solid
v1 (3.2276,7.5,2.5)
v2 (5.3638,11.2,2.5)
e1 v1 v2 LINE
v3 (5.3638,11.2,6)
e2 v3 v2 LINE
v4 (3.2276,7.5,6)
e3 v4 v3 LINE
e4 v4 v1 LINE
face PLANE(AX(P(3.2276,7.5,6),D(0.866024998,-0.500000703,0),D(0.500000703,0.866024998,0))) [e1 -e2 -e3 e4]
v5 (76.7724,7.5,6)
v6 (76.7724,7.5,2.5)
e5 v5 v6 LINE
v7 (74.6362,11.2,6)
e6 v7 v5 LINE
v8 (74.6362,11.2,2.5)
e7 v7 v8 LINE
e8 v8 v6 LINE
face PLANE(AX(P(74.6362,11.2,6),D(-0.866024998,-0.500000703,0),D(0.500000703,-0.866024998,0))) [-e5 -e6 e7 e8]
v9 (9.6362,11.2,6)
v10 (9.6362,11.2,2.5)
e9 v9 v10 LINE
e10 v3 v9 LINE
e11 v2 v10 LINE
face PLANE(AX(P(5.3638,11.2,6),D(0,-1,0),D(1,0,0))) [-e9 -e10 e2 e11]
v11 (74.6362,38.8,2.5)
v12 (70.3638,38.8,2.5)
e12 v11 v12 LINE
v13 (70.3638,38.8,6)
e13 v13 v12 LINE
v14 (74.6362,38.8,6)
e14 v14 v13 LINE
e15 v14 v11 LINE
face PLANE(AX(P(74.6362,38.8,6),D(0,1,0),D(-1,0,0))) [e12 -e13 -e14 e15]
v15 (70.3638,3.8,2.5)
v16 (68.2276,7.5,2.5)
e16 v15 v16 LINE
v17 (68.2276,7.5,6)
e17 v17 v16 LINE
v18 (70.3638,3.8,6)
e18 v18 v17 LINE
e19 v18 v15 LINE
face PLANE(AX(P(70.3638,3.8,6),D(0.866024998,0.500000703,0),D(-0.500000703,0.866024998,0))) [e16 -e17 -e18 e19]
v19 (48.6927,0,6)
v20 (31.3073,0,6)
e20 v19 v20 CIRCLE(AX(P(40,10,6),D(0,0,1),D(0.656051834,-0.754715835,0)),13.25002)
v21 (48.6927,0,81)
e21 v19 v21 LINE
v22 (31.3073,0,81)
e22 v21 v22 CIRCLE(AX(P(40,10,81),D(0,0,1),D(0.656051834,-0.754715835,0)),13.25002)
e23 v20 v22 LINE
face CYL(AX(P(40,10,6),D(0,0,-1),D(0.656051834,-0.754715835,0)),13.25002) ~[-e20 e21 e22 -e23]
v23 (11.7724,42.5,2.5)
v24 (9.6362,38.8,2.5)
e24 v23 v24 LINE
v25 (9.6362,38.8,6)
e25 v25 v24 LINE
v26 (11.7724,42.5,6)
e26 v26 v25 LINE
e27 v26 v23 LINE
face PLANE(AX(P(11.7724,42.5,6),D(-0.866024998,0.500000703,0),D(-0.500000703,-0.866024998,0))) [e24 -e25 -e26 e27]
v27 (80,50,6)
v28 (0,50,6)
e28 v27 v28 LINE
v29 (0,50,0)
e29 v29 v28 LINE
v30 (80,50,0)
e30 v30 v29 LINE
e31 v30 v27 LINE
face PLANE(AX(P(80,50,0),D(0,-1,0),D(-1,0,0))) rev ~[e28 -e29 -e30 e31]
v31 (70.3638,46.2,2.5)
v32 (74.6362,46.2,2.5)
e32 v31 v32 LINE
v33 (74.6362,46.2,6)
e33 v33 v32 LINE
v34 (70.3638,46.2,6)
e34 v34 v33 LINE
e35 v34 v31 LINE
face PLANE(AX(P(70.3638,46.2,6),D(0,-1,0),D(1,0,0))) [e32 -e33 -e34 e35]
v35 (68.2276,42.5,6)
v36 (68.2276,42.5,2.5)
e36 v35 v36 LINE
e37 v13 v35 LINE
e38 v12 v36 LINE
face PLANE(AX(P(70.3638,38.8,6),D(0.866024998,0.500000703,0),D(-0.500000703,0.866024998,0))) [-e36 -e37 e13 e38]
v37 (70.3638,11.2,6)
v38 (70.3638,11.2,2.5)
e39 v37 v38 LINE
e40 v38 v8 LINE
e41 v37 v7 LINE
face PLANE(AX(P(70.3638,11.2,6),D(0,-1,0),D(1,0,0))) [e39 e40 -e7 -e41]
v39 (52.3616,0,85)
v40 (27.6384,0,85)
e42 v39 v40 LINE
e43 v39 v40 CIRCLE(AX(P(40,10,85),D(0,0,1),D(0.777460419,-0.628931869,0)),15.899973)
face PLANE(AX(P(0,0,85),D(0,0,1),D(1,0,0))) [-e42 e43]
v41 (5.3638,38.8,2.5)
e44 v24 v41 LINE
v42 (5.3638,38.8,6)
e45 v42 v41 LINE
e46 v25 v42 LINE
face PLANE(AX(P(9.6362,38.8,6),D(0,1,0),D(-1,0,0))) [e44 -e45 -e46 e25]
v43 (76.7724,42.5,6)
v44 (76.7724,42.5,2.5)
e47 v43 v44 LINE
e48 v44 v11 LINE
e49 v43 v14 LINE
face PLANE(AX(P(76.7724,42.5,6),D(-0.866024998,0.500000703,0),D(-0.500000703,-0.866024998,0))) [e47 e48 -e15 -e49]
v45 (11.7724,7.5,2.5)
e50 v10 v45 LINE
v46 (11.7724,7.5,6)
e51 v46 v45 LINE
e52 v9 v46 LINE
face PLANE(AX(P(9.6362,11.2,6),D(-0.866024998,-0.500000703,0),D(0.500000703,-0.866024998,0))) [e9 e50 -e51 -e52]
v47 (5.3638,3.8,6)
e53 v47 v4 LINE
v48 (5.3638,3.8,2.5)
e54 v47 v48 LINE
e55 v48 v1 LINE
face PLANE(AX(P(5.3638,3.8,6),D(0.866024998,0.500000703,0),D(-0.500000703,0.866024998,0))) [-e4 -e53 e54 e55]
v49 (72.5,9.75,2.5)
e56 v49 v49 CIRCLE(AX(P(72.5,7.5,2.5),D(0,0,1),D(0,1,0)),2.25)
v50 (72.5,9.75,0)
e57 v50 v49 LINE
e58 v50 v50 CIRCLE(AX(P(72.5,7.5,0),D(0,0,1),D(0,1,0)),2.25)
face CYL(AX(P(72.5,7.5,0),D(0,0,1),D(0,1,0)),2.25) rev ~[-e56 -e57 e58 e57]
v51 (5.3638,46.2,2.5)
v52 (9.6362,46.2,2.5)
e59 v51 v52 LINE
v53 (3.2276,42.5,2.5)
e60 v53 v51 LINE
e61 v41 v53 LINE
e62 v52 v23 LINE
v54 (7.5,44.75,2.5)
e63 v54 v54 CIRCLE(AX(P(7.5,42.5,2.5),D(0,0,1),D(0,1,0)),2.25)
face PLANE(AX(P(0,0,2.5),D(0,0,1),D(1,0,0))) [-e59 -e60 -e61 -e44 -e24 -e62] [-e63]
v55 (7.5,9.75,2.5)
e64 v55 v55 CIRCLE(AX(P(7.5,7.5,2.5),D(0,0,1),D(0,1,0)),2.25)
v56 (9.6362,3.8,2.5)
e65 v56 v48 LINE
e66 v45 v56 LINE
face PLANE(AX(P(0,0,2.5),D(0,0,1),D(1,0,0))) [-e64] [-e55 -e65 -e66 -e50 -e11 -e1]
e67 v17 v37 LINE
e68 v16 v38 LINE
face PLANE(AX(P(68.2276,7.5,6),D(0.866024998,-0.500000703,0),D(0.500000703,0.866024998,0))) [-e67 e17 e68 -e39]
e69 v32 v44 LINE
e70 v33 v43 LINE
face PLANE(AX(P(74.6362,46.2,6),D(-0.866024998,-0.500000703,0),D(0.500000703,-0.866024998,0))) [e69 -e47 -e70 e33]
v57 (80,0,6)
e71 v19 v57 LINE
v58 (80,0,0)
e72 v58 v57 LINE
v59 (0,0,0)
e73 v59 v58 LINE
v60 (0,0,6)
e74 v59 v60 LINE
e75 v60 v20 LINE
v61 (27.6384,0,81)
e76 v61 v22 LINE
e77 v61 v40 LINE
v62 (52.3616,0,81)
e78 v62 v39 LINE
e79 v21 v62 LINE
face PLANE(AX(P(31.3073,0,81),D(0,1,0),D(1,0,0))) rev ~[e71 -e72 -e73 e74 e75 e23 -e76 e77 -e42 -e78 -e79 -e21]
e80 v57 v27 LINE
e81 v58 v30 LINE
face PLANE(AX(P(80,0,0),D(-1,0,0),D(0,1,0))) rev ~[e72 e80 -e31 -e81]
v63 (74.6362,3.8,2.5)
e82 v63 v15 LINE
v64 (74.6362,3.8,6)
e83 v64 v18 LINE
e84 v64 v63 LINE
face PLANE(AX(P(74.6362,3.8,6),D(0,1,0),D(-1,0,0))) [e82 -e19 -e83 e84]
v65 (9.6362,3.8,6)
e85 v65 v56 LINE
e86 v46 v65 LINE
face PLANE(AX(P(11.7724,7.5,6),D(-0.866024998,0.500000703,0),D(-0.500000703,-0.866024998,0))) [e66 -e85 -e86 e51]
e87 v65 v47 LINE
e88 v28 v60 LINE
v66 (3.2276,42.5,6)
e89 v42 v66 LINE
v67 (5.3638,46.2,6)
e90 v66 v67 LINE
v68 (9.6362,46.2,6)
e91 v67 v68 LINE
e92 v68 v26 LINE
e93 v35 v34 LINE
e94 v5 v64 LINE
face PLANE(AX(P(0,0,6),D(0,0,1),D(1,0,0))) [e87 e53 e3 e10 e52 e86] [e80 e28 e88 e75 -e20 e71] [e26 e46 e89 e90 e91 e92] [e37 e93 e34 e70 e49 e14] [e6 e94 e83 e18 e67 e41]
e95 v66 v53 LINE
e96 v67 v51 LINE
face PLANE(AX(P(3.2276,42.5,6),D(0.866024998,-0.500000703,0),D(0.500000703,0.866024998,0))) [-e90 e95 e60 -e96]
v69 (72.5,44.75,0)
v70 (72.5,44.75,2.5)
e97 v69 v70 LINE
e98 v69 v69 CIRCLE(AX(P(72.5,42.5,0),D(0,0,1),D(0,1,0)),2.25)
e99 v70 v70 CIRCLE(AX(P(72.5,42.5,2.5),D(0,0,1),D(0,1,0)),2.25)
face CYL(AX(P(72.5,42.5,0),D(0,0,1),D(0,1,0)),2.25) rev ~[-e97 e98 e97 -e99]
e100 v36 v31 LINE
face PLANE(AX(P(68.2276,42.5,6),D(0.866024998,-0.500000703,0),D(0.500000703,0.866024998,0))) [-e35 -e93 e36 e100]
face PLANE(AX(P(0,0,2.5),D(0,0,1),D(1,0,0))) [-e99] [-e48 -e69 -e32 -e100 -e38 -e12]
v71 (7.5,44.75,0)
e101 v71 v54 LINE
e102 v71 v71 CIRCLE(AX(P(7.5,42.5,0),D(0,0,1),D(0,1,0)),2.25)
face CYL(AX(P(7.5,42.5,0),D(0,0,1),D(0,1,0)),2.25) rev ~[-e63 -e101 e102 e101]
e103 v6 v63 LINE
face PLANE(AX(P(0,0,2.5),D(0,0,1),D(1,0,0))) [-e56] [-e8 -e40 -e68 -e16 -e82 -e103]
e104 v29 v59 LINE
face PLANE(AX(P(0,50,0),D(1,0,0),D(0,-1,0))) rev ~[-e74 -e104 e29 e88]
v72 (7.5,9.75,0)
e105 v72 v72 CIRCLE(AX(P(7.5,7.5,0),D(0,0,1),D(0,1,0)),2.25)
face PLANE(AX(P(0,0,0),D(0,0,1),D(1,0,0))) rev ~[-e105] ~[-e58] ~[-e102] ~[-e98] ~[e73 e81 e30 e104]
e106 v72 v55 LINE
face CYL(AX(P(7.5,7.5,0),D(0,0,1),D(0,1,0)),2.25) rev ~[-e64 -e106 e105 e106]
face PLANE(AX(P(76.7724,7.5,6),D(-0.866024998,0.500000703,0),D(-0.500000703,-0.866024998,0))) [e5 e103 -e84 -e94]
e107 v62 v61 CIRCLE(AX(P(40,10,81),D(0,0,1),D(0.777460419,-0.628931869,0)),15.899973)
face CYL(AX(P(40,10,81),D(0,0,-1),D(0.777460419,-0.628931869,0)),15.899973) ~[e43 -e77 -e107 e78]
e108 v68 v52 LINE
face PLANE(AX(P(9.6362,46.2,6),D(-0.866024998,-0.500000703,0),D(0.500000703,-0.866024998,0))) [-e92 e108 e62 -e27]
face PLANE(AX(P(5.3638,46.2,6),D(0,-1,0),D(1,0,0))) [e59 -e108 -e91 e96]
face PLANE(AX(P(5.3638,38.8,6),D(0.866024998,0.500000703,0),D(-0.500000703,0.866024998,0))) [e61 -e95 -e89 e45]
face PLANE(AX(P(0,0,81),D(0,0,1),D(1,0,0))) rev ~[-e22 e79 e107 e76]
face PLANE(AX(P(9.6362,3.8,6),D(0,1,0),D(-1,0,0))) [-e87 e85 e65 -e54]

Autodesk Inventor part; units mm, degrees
ref_plane "Work Plane1" through (0, 0, 26) normal (0, 0, 1) x (1, 0, 0)
ref_plane "Work Plane2" through (0, 0, 61) normal (0, 0, 1) x (1, 0, 0)
ref_plane "YZ Plane" through (0, 0, 0) normal (1, 0, 0) x (0, 1, 0)
sketch "Sketch1" plane through (0, 0, 0) normal (0, 0, 1) x (1, 0, 0)
  line L0 (0, 0) -> (80, 0)
  line L1 (80, 0) -> (80, 50)
  line L2 (80, 50) -> (0, 50)
  line L3 (0, 50) -> (0, 0)
  dimension "d0" = 80
  dimension "d1" = 50
extrude "Extrusion1" add sketch "Sketch1" along normal blind 6
sketch "Sketch2" plane through (0, 0, 6) normal (0, 0, 1) x (1, 0, 0)
  line L0 (80, 50) -> (0, 50) projected
  line L1 (0, 50) -> (0, 0) projected
  arc A0 (48.6927, 0) -> (31.3073, 0) centre (40, 10) ccw
  line L2 (31.3073, 0) -> (48.6927, 0)
  dimension "d11" = 26.5
  dimension "d12" = 40
  dimension "d13" = 40
  dimension "d14" = 10
extrude "Extrusion2" add sketch "Sketch2" along normal blind 75
sketch "Sketch8" plane through (0, 0, 81) normal (0, 0, 1) x (1, 0, 0)
  arc A0 (48.6927, 0) -> (31.3073, 0) centre (40, 10) ccw projected
  line L0 (31.3073, 0) -> (48.6927, 0) projected
  arc A1 (52.3616, 0) -> (27.6384, 0) centre (40, 10) ccw
  line L1 (31.3073, 0) -> (27.6384, 0)
  line L2 (48.6927, 0) -> (52.3616, 0)
  point P0 (0, 0)
  dimension "d30" = 31.8
extrude "Extrusion7" add sketch "Sketch8" along normal blind 4
sketch "Sketch9" plane through (0, 0, 0) normal (0, 0, -1) x (-1, 0, 0)
  line L0 (0, 0) -> (-80, 0) projected
  line L1 (-80, 0) -> (-80, 50) projected
  point P0 (-72.5, 42.5)
  point P1 (-72.5, 7.5)
  point P2 (-7.5, 42.5)
  point P3 (-7.5, 7.5)
  dimension "d33" = 65
  dimension "d34" = 35
  dimension "d35" = 7.5
  dimension "d36" = 7.5
hole "Hole1" at (72.5, 42.5, 0) at (72.5, 7.5, 0) at (7.5, 42.5, 0) at (7.5, 7.5, 0) direction (0, 0, 1) diameter 4.5 end through all
sketch "Sketch10" plane through (0, 0, 6) normal (0, 0, 1) x (1, 0, 0)
  circle A0 centre (7.5, 42.5) radius 2.25 projected
  circle A1 centre (72.5, 42.5) radius 2.25 projected
  circle A2 centre (72.5, 7.5) radius 2.25 projected
  circle A3 centre (7.5, 7.5) radius 2.25 projected
  line L0 (11.7724, 42.5) -> (9.6362, 38.8)
  line L1 (9.6362, 38.8) -> (5.3638, 38.8)
  line L2 (5.3638, 38.8) -> (3.2276, 42.5)
  line L3 (3.2276, 42.5) -> (5.3638, 46.2)
  line L4 (5.3638, 46.2) -> (9.6362, 46.2)
  line L5 (9.6362, 46.2) -> (11.7724, 42.5)
  line L6 (11.7724, 7.5) -> (9.6362, 3.8)
  line L7 (9.6362, 3.8) -> (5.3638, 3.8)
  line L8 (5.3638, 3.8) -> (3.2276, 7.5)
  line L9 (3.2276, 7.5) -> (5.3638, 11.2)
  line L10 (5.3638, 11.2) -> (9.6362, 11.2)
  line L11 (9.6362, 11.2) -> (11.7724, 7.5)
  line L12 (76.7724, 7.5) -> (74.6362, 3.8)
  line L13 (74.6362, 3.8) -> (70.3638, 3.8)
  line L14 (70.3638, 3.8) -> (68.2276, 7.5)
  line L15 (68.2276, 7.5) -> (70.3638, 11.2)
  line L16 (70.3638, 11.2) -> (74.6362, 11.2)
  line L17 (74.6362, 11.2) -> (76.7724, 7.5)
  line L18 (76.7724, 42.5) -> (74.6362, 38.8)
  line L19 (74.6362, 38.8) -> (70.3638, 38.8)
  line L20 (70.3638, 38.8) -> (68.2276, 42.5)
  line L21 (68.2276, 42.5) -> (70.3638, 46.2)
  line L22 (70.3638, 46.2) -> (74.6362, 46.2)
  line L23 (74.6362, 46.2) -> (76.7724, 42.5)
  dimension "d44" = 7.4
extrude "Extrusion8" cut sketch "Sketch10" against normal blind 3.5
sketch "Sketch4" plane through (0, 0, 26) normal (0, 0, 1) x (1, 0, 0)
  arc A0 (62.9129, 0) -> (17.0871, 0) centre (40, 10) ccw projected
  line L0 (17.0871, 0) -> (62.9129, 0) projected
  circle A1 centre (40, 24.5) radius 11 construction
  arc A2 (28, 24.5) -> (52, 24.5) centre (40, 24.5) ccw
  line L1 (28, 24.5) -> (28, 31.9317)
  line L2 (52, 24.5) -> (52, 31.9317)
  arc A3 (62.9129, 0) -> (17.0871, 0) centre (40, 10) ccw projected
  point P0 (0, 0)
  dimension "d15" = 22
  dimension "d16" = 14.5
  dimension "d17" = 24
sketch "Sketch5" plane through (0, 0, 61) normal (0, 0, 1) x (1, 0, 0)
  arc A0 (62.9129, 0) -> (17.0871, 0) centre (40, 10) ccw projected
  line L0 (17.0871, 0) -> (62.9129, 0) projected
  arc A1 (28, 24.5) -> (52, 24.5) centre (40, 24.5) ccw projected
  line L1 (52, 31.9317) -> (52, 24.5) projected
  arc A2 (52, 31.9317) -> (28, 31.9317) centre (40, 10) ccw projected
  line L2 (28, 24.5) -> (28, 31.9317) projected
  point P0 (0, 0)
sketch "Sketch6" plane through (0, 0, 26) normal (0, 0, 1) x (1, 0, 0)
  arc A0 (28, 24.5) -> (52, 24.5) centre (40, 24.5) ccw projected
  line L0 (52, 31.9317) -> (52, 24.5) projected
  arc A1 (52, 31.9317) -> (28, 31.9317) centre (40, 10) ccw projected
  line L1 (28, 24.5) -> (28, 31.9317) projected
  arc A2 (35.75, 24.5) -> (44.25, 24.5) centre (40, 24.5) ccw
  line L2 (35.75, 26.9) -> (35.75, 34.6361)
  arc A3 (52, 31.9317) -> (28, 31.9317) centre (40, 10) ccw projected
  line L3 (44.25, 26.9) -> (44.25, 34.6361)
  arc A4 (35.75, 24.5) -> (35.75, 26.9) centre (34.15, 25.7) ccw
  arc A5 (44.25, 26.9) -> (44.25, 24.5) centre (45.85, 25.7) ccw
  point P0 (0, 0)
  dimension "d23" = 8.5
  dimension "d24" = 2
  dimension "d25" = 1.6
sketch "Sketch7" plane through (0, 0, 61) normal (0, 0, 1) x (1, 0, 0)
  arc A0 (35.75, 24.5) -> (44.25, 24.5) centre (40, 24.5) ccw projected
  arc A1 (44.25, 26.9) -> (44.25, 24.5) centre (45.85, 25.7) ccw projected
  line L0 (44.25, 34.6361) -> (44.25, 26.9) projected
  arc A2 (44.25, 34.6361) -> (35.75, 34.6361) centre (40, 10) ccw projected
  line L1 (35.75, 26.9) -> (35.75, 34.6361) projected
  arc A3 (35.75, 24.5) -> (35.75, 26.9) centre (34.15, 25.7) ccw projected
  point P0 (0, 0)
properties part number "SpoolHolderSingleHatchbox" material "ABS Plastic"
